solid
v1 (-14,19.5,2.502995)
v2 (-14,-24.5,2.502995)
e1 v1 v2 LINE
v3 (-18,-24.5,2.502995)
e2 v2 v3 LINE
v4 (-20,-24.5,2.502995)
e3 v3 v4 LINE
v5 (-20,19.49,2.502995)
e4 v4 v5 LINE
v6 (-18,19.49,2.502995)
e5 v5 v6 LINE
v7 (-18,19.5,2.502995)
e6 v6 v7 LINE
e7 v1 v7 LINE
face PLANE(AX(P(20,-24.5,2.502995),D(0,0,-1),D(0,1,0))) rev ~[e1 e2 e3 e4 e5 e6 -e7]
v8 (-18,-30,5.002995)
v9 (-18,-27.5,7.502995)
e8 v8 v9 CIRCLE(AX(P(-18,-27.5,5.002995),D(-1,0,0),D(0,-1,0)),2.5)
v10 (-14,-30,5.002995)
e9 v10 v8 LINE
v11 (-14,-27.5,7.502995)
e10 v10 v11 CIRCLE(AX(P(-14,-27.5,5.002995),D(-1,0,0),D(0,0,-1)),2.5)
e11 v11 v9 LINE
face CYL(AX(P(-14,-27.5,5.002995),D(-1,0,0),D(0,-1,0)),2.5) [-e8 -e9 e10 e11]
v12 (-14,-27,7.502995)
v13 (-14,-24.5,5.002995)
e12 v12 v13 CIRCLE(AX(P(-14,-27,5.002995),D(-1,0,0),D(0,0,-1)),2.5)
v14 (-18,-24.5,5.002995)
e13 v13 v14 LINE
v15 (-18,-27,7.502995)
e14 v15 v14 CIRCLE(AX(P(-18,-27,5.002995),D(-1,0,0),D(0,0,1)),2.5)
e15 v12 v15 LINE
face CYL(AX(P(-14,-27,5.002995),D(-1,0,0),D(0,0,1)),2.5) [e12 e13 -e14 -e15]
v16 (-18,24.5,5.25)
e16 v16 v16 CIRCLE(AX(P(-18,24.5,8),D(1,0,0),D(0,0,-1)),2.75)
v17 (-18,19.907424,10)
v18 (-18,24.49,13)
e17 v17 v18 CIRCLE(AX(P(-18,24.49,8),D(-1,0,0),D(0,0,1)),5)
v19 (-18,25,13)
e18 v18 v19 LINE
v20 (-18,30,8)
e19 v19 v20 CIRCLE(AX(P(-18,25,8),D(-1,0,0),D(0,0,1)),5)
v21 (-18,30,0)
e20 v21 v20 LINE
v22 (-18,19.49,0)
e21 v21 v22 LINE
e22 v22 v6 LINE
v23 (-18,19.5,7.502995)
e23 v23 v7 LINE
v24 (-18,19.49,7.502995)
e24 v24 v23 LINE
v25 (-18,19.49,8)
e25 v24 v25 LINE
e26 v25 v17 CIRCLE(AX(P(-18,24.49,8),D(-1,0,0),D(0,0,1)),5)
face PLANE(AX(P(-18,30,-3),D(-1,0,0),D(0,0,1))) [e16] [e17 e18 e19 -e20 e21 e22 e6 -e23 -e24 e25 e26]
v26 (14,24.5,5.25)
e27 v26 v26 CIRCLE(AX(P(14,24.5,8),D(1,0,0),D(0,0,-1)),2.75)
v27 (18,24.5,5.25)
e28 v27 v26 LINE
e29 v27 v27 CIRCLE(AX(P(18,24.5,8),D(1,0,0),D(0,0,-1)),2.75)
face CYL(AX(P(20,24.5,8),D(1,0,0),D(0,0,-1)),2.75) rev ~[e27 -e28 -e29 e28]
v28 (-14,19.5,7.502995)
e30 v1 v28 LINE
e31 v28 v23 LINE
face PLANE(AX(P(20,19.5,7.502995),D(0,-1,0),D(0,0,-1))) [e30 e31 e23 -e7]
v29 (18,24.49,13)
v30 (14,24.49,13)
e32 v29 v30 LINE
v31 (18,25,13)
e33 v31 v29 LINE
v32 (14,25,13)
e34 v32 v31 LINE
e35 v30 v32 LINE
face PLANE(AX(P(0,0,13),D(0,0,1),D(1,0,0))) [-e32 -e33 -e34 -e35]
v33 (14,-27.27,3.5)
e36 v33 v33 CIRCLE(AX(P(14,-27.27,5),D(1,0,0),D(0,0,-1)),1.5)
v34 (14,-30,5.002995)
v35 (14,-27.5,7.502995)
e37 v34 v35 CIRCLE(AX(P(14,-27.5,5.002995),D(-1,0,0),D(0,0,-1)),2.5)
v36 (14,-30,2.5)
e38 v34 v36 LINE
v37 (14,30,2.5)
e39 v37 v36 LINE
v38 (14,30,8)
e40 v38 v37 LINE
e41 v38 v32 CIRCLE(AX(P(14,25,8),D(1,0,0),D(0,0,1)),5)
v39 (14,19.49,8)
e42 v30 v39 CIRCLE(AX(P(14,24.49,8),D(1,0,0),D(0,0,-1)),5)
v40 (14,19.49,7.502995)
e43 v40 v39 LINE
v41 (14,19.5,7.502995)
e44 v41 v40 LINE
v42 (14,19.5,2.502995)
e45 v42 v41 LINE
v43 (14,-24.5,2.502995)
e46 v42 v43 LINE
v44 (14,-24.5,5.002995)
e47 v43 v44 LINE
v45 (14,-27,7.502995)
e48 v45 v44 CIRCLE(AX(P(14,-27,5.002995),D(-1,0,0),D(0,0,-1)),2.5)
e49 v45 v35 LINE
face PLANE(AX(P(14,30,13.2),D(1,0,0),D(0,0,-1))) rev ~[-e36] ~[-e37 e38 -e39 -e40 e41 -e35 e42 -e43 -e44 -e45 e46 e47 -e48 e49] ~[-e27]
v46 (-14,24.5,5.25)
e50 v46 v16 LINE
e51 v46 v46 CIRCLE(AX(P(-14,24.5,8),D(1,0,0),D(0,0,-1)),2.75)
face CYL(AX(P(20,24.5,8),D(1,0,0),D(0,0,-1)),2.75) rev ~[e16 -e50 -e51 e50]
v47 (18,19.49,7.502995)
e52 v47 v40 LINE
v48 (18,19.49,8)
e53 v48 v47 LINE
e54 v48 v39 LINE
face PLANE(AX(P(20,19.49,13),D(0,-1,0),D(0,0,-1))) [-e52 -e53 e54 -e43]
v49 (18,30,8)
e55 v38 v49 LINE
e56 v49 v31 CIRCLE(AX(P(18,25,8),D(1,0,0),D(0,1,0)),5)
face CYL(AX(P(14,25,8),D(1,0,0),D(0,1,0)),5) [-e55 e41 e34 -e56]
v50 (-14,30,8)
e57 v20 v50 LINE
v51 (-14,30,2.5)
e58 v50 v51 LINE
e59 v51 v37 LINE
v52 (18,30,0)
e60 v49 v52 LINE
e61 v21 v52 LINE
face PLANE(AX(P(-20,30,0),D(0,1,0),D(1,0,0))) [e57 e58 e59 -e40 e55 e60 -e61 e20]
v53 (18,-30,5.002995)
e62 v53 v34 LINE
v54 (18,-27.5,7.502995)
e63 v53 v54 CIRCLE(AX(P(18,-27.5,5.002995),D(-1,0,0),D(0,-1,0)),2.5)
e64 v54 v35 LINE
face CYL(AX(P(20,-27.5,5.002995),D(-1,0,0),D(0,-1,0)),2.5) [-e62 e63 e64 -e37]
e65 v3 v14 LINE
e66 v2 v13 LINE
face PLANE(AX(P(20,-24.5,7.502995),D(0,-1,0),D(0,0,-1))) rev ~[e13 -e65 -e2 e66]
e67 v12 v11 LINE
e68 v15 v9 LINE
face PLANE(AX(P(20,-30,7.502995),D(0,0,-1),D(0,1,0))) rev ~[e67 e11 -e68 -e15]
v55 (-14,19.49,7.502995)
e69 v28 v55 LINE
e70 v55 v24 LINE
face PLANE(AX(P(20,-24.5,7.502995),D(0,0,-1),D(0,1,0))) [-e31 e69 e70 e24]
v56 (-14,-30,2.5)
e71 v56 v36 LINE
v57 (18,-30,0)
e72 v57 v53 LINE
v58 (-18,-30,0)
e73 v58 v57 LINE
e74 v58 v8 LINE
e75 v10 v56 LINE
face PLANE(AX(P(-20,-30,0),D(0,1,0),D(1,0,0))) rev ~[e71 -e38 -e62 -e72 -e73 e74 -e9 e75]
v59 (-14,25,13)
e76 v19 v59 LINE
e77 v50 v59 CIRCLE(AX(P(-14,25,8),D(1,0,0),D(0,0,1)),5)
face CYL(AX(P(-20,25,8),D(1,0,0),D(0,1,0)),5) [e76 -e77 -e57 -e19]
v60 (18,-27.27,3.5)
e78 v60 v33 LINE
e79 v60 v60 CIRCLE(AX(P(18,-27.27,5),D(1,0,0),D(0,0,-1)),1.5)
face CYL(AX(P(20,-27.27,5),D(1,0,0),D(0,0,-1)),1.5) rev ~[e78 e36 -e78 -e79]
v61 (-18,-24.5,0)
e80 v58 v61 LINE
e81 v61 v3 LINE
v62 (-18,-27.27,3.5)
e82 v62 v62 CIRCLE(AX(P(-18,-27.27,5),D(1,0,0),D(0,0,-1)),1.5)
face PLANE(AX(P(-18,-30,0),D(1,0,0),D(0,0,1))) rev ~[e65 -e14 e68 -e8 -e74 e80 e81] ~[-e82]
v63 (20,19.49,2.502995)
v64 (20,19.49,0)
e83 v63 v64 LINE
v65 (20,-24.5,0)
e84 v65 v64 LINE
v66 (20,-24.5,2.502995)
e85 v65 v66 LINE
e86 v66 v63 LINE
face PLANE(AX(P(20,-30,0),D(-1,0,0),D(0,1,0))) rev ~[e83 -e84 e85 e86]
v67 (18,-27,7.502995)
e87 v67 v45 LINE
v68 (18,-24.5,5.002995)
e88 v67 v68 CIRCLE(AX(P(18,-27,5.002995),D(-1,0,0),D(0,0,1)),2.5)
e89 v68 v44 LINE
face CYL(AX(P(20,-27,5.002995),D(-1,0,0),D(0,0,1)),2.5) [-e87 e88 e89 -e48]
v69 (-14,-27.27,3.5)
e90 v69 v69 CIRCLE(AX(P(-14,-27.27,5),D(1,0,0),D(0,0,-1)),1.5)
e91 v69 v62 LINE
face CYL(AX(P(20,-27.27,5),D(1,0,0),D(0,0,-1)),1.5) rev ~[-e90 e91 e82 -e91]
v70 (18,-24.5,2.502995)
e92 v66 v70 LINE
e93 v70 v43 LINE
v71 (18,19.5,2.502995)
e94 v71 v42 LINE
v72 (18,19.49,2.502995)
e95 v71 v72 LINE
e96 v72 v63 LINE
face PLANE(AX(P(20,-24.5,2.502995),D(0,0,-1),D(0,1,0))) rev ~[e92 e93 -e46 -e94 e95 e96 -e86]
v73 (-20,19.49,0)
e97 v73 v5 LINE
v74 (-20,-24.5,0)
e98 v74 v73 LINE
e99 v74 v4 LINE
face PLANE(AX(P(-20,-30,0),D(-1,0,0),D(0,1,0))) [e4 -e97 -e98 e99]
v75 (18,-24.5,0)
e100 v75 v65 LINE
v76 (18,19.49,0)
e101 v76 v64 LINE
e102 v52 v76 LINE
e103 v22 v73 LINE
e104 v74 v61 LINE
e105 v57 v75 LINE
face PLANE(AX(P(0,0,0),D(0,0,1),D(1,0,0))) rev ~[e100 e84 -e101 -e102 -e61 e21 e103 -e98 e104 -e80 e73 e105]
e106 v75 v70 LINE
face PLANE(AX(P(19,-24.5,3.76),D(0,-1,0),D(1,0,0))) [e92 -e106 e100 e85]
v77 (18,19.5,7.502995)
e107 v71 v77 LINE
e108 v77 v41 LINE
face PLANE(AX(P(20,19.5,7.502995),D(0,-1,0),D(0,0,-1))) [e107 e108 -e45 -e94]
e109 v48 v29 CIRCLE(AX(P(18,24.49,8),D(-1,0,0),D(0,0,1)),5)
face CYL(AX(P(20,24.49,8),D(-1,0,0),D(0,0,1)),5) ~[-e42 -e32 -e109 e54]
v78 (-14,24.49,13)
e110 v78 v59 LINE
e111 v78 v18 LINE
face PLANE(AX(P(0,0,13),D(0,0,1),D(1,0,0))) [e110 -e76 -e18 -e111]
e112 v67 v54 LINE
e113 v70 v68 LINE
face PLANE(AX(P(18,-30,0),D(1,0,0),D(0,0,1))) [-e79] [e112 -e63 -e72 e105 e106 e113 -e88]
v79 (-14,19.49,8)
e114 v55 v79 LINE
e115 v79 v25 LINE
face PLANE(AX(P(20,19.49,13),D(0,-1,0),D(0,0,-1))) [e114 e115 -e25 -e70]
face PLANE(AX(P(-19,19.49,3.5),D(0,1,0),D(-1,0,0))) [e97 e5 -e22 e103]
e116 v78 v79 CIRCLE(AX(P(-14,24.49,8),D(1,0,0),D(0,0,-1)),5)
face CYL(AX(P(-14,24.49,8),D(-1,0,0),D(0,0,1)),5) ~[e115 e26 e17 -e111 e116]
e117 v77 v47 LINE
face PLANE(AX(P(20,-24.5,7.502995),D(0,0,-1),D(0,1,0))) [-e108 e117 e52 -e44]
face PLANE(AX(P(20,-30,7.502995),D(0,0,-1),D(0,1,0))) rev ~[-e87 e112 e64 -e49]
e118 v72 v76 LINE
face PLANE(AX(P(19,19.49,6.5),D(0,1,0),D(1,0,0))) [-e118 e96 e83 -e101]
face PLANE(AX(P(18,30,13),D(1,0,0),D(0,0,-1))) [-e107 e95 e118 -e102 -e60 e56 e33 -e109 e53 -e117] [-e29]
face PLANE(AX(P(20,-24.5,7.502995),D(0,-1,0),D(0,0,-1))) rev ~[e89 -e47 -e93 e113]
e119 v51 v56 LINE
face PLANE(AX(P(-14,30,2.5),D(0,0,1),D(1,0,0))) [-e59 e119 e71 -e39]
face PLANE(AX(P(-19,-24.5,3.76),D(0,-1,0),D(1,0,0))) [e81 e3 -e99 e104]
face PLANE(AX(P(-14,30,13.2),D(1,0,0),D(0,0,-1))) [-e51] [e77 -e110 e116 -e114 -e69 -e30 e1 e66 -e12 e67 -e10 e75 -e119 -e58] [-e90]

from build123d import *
from OCP.BRepFilletAPI import BRepFilletAPI_MakeFillet

# Parameters (mm, degrees)
CROQUIS1_W              = 40
CROQUIS1_H              = 60
SALIENTE_EXTRUIR1_DEPTH = 13
CROQUIS19_W             = 5.497004625
CROQUIS19_H             = 49.49
CORTAR_EXTRUIR6_DEPTH   = 40
CROQUIS17_R             = 1.5
CORTAR_EXTRUIR8_DEPTH   = 40
CROQUIS20_W             = 5
CROQUIS20_H             = 44
CORTAR_EXTRUIR11_DEPTH  = 40
CROQUIS23_W             = 28
CROQUIS23_H             = 10.7
CORTAR_EXTRUIR12_DEPTH  = 60.5
CROQUIS24_R             = 2.75
CORTAR_EXTRUIR13_DEPTH  = 40
REDONDEO2_R1            = 2.5
REDONDEO2_R2            = 5
CROQUIS25_W             = 2
CROQUIS25_H             = 13
CORTAR_EXTRUIR15_DEPTH  = 10.51
MATRIZC1_COUNT          = 2
CROQUIS27_W             = 2
CROQUIS27_H             = 7.52
CORTAR_EXTRUIR16_DEPTH  = 5.5
CROQUIS28_W             = 2
CROQUIS28_H             = 7.52
CORTAR_EXTRUIR17_DEPTH  = 5.5
CROQUIS29_W             = 2
CROQUIS29_H             = 9.681242813
CORTAR_EXTRUIR18_DEPTH  = 3


with BuildPart() as part:
    # Croquis1 → Saliente-Extruir1 (new body)
    with BuildSketch(Plane.XY):
        Rectangle(CROQUIS1_W, CROQUIS1_H)
    extrude(amount=SALIENTE_EXTRUIR1_DEPTH)

    # Croquis19 → Cortar-Extruir6 (cut)
    with BuildSketch(Plane(origin=(20, 0, 0), x_dir=(0, 0, -1), z_dir=(1, 0, 0))):
        with Locations((-10.251497688, -5.255)):
            Rectangle(CROQUIS19_W, CROQUIS19_H)
    extrude(amount=-CORTAR_EXTRUIR6_DEPTH, mode=Mode.SUBTRACT)

    # Croquis17 → Cortar-Extruir8 (cut)
    with BuildSketch(Plane(origin=(20, 0, 0), x_dir=(0, 0, -1), z_dir=(1, 0, 0))):
        with Locations((-5, -27.27)):
            Circle(CROQUIS17_R)
    extrude(amount=-CORTAR_EXTRUIR8_DEPTH, mode=Mode.SUBTRACT)

    # Croquis20 → Cortar-Extruir11 (cut)
    with BuildSketch(Plane(origin=(20, 0, 0), x_dir=(0, 0, -1), z_dir=(1, 0, 0))):
        with Locations((-5.002995375, -2.5)):
            Rectangle(CROQUIS20_W, CROQUIS20_H)
    extrude(amount=-CORTAR_EXTRUIR11_DEPTH, mode=Mode.SUBTRACT)

    # Croquis23 → Cortar-Extruir12 (cut)
    with BuildSketch(Plane(origin=(0, 30, 0), x_dir=(1, 0, 0), z_dir=(0, 1, 0))):
        with Locations((0, -7.85)):
            Rectangle(CROQUIS23_W, CROQUIS23_H)
    extrude(amount=-CORTAR_EXTRUIR12_DEPTH, mode=Mode.SUBTRACT)

    # Croquis24 → Cortar-Extruir13 (cut)
    with BuildSketch(Plane(origin=(20, 0, 0), x_dir=(0, 0, -1), z_dir=(1, 0, 0))):
        with Locations((-8, 24.5)):
            Circle(CROQUIS24_R)
    extrude(amount=-CORTAR_EXTRUIR13_DEPTH, mode=Mode.SUBTRACT)

    # Redondeo2: one fillet with a radius per group of edges: ONE call of the kernel's fillet builder (fillet() takes one radius for all edges)
    redondeo2_edges_1 = [part.edges().sort_by_distance(p)[0] for p in [
        (17, -24.5, 7.502995375),
        (17, -30, 7.502995375),
        (-17, -30, 7.502995375),
        (-17, -24.5, 7.502995375),
    ]]
    redondeo2_edges_2 = [part.edges().sort_by_distance(p)[0] for p in [
        (17, 19.49, 13),
        (17, 30, 13),
        (-17, 19.49, 13),
        (-17, 30, 13),
    ]]
    redondeo2 = BRepFilletAPI_MakeFillet(part.part.solid().wrapped)
    for e in redondeo2_edges_1:
        redondeo2.Add(REDONDEO2_R1, e.wrapped)
    for e in redondeo2_edges_2:
        redondeo2.Add(REDONDEO2_R2, e.wrapped)
    add(Compound.cast(redondeo2.Shape()), mode=Mode.REPLACE)

    # Croquis25 → Cortar-Extruir15 (cut)
    with BuildSketch(Plane(origin=(0, 30, 0), x_dir=(1, 0, 0), z_dir=(0, 1, 0))):
        with Locations((19, -6.5)):
            Rectangle(CROQUIS25_W, CROQUIS25_H)
    cortar_extruir15 = extrude(amount=-CORTAR_EXTRUIR15_DEPTH, mode=Mode.SUBTRACT)

    # MatrizC1: Cortar-Extruir15 ×2 about axis
    matrizc1_axis = Axis((0, 26.946865888, 5), (0, -1, 0))
    for i in range(1, MATRIZC1_COUNT):
        add(cortar_extruir15.rotate(matrizc1_axis, i * 360 / MATRIZC1_COUNT), mode=Mode.SUBTRACT)

    # Croquis27 → Cortar-Extruir16 (cut)
    with BuildSketch(Plane.XZ.offset(30)):
        with Locations((19, 3.76)):
            Rectangle(CROQUIS27_W, CROQUIS27_H)
    extrude(amount=-CORTAR_EXTRUIR16_DEPTH, mode=Mode.SUBTRACT)

    # Croquis28 → Cortar-Extruir17 (cut)
    with BuildSketch(Plane.XZ.offset(30)):
        with Locations((-19, 3.76)):
            Rectangle(CROQUIS28_W, CROQUIS28_H)
    extrude(amount=-CORTAR_EXTRUIR17_DEPTH, mode=Mode.SUBTRACT)

    # Croquis29 → Cortar-Extruir18 (cut)
    with BuildSketch(Plane(origin=(0, 0, 10), x_dir=(-1, 0, 0), z_dir=(0, 0, -1))):
        with Locations((19, 24.748045712)):
            Rectangle(CROQUIS29_W, CROQUIS29_H)
    extrude(amount=-CORTAR_EXTRUIR18_DEPTH, mode=Mode.SUBTRACT)


solid = part.part
